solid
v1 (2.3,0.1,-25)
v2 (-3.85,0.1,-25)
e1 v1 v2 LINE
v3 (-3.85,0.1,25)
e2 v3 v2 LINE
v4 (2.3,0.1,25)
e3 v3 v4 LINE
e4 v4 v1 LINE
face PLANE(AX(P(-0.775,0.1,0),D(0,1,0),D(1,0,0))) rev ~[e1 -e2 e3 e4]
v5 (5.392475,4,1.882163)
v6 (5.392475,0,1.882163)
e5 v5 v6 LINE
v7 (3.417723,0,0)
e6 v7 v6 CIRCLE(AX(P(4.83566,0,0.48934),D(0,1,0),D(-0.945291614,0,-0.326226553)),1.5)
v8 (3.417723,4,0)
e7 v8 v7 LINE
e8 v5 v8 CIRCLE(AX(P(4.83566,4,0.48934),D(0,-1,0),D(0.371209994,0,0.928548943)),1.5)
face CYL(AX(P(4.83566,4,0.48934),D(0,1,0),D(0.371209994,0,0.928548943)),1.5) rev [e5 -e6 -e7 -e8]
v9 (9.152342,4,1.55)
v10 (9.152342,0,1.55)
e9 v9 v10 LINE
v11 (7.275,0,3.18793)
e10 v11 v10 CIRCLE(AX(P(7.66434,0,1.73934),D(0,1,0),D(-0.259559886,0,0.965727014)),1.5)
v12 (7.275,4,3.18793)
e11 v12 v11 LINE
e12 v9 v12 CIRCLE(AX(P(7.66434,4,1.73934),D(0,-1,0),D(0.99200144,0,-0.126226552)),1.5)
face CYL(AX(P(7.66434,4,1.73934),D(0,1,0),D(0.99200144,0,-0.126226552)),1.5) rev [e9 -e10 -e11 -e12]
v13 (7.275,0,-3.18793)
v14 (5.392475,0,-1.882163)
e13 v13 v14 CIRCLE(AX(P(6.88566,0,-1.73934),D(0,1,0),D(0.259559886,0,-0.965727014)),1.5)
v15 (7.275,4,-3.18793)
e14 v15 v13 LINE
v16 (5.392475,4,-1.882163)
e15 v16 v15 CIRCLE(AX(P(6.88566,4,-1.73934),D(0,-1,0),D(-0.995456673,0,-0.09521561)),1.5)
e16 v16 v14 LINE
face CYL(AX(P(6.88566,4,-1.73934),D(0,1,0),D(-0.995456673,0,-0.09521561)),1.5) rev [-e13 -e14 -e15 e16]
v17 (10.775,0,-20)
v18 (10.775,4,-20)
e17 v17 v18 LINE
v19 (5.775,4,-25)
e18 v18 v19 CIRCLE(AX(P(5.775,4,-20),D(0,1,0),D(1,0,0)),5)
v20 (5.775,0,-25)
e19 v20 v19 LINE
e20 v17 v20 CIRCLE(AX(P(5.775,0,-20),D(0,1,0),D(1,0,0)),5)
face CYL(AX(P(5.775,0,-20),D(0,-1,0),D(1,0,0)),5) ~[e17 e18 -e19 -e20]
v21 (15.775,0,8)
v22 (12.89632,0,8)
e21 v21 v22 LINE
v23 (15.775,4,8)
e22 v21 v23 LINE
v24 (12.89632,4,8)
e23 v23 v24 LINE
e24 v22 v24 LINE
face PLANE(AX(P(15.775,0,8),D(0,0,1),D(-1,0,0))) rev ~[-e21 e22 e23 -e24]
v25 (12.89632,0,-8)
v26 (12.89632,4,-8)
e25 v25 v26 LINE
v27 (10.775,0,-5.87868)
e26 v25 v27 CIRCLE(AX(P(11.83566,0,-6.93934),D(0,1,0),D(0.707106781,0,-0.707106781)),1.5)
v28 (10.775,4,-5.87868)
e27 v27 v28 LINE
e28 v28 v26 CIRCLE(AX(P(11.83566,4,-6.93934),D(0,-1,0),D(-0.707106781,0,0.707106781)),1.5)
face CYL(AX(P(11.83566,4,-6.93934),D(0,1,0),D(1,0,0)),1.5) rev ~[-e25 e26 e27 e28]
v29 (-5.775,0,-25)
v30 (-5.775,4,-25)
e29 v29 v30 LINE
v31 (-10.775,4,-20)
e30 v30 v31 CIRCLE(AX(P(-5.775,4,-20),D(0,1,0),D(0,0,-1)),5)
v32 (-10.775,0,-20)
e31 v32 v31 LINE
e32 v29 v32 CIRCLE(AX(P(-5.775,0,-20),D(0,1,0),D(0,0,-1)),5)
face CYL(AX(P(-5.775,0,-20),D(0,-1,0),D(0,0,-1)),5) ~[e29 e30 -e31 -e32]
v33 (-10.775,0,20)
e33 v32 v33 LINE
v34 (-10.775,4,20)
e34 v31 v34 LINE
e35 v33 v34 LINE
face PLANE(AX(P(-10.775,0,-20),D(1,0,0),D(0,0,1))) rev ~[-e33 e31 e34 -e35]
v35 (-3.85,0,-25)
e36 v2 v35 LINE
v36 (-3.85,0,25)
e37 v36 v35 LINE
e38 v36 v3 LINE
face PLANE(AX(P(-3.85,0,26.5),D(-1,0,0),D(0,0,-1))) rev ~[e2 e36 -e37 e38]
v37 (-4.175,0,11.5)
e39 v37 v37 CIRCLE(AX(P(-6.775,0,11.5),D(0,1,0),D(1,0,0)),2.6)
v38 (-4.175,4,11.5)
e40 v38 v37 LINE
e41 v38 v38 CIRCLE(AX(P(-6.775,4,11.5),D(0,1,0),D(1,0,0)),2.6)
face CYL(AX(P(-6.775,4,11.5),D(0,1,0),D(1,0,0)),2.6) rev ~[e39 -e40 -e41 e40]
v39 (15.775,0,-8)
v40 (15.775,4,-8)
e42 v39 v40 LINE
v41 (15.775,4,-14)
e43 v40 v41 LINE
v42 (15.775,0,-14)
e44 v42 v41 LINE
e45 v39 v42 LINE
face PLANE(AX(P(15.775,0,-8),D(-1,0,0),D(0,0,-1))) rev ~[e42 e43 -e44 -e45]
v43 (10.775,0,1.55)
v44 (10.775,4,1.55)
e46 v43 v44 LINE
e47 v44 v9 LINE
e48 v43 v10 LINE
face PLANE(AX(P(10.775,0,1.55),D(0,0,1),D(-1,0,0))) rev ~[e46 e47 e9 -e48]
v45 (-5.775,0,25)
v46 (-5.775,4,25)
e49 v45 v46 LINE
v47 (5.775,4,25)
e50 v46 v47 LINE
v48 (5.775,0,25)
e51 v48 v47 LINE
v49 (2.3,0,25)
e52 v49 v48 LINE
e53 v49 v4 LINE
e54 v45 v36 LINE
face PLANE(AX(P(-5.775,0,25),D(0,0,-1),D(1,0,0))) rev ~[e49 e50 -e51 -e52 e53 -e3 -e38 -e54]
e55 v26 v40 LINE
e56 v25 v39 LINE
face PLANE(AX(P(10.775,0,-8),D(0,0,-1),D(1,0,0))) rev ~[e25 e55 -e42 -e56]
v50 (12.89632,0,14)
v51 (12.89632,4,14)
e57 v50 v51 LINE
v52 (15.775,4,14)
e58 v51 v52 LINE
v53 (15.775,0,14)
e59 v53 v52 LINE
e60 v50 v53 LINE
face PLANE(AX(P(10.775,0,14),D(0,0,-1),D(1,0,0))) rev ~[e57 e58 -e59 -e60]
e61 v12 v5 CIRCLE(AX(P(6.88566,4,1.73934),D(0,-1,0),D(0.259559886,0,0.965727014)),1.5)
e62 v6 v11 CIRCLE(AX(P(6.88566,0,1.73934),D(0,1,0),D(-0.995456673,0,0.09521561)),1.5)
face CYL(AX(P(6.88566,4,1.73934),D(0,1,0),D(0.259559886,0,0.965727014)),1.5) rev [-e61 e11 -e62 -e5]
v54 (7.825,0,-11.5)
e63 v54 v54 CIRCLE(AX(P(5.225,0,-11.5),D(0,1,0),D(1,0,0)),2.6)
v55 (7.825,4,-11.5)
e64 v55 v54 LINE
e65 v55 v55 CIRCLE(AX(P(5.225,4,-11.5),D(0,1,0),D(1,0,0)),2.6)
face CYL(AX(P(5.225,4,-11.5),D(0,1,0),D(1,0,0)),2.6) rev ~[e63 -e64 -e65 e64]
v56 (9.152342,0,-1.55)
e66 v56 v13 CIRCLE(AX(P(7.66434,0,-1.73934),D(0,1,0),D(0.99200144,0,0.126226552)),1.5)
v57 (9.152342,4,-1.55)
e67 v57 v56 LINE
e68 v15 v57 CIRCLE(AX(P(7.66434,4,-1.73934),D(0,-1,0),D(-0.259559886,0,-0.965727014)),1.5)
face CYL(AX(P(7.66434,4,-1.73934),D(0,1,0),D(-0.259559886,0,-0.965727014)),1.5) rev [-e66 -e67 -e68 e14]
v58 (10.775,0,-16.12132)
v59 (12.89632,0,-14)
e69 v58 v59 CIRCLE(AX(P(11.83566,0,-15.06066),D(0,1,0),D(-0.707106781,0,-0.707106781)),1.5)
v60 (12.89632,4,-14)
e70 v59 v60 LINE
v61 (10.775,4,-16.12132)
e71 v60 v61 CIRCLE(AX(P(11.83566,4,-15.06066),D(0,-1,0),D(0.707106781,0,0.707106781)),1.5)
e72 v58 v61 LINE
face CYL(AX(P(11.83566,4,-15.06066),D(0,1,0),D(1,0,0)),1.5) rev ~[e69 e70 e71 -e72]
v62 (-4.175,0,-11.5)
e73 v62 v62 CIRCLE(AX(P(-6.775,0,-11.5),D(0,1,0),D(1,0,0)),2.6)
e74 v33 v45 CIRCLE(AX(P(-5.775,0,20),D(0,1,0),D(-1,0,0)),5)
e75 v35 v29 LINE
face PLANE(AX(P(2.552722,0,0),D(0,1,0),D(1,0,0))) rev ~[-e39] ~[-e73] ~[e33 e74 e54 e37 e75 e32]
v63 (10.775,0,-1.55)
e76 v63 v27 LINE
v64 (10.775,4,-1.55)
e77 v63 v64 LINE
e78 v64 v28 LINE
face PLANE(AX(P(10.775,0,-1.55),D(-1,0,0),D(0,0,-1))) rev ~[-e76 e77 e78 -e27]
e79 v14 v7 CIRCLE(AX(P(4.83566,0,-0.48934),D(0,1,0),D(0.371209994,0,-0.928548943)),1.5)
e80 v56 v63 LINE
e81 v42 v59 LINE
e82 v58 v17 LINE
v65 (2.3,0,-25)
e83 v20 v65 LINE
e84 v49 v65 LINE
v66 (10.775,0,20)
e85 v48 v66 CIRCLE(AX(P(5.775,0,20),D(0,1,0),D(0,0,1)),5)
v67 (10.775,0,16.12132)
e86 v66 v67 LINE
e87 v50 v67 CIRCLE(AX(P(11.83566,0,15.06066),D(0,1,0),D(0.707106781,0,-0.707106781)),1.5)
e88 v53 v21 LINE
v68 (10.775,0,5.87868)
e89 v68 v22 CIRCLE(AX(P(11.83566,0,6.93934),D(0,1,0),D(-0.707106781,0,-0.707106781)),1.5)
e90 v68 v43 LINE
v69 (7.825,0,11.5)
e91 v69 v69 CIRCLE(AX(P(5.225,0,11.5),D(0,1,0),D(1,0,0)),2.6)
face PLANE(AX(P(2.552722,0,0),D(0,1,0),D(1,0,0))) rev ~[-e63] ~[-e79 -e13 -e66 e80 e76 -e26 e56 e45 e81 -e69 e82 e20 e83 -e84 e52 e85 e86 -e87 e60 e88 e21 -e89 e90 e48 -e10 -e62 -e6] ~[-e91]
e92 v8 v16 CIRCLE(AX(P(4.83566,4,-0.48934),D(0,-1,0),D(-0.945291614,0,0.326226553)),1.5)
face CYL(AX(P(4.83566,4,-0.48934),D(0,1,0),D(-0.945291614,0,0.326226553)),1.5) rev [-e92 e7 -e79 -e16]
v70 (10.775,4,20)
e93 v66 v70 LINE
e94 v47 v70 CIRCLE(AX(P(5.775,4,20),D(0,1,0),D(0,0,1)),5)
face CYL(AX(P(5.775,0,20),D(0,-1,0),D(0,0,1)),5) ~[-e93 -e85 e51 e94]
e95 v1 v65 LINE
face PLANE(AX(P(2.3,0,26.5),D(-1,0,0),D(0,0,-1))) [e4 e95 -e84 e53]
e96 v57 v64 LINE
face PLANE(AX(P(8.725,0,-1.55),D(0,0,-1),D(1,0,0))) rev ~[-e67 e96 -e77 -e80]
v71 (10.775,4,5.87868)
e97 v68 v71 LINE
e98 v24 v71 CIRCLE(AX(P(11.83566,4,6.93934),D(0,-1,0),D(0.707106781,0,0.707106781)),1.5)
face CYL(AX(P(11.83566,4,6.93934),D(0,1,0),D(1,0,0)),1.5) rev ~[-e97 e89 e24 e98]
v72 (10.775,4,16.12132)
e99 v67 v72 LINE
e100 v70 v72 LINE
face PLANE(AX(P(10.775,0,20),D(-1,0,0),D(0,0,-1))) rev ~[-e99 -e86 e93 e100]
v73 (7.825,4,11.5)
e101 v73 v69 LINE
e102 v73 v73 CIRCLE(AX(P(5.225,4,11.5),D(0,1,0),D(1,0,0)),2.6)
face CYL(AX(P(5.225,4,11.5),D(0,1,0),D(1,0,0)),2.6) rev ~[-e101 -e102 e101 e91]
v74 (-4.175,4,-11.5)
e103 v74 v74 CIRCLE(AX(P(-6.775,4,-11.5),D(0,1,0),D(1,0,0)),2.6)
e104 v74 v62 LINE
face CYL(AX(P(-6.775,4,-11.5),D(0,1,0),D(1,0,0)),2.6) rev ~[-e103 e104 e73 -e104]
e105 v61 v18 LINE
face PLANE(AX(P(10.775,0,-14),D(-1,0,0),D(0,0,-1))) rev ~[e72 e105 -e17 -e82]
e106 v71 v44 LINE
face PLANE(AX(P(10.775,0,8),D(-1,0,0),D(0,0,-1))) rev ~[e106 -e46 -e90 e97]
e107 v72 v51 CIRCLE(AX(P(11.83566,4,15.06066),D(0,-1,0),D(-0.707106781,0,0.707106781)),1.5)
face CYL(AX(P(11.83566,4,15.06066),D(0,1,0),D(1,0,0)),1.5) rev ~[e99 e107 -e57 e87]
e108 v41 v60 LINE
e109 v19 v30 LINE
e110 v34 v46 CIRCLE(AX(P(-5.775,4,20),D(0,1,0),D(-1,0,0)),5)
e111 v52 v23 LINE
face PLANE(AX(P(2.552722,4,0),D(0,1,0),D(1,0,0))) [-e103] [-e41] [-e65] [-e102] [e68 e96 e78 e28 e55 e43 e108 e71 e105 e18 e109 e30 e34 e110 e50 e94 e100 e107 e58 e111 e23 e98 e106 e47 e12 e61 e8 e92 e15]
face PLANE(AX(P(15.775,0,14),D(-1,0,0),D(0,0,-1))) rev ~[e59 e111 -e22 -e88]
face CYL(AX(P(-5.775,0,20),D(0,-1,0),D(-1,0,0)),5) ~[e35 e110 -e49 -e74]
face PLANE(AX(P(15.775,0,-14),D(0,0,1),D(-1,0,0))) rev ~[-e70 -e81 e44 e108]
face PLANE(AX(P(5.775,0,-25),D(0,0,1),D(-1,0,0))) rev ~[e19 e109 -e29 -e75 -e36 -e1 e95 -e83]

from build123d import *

# Parameters (mm, degrees)
SALIENTE_EXTRUIR1_DEPTH = 4
CROQUIS5_R              = 2.6
CORTAR_EXTRUIR3_DEPTH   = 5
CORTAR_EXTRUIR4_DEPTH   = 5
CROQUIS10_R             = 1.5
CORTAR_EXTRUIR5_DEPTH   = 5
CROQUIS4_W              = 6.15
CROQUIS4_H              = 53
CORTAR_EXTRUIR6_DEPTH   = 0.1


with BuildPart() as part:
    # Croquis1 → Saliente-Extruir1 (new body)
    with BuildSketch(Plane(origin=(0, 0, 0), x_dir=(1, 0, 0), z_dir=(0, 1, 0))):
        with BuildLine():
            Line((-5.775, -25), (5.775, -25))
            ThreePointArc((5.775, -25), (9.310533906, -23.535533906), (10.775, -20))
            Line((10.775, -20), (10.775, -14))
            Line((10.775, -14), (15.775, -14))
            Line((15.775, -14), (15.775, -8))
            Line((15.775, -8), (10.775, -8))
            Line((10.775, -8), (10.775, -1.55))
            Line((10.775, -1.55), (8.725, -1.55))
            Line((8.725, -1.55), (8.725, -2.8))
            Line((8.725, -2.8), (5.825, -2.8))
            Line((5.825, -2.8), (5.825, -1.55))
            Line((5.825, -1.55), (3.775, -1.55))
            Line((3.775, -1.55), (3.775, 1.55))
            Line((3.775, 1.55), (5.825, 1.55))
            Line((5.825, 1.55), (5.825, 2.8))
            Line((5.825, 2.8), (8.725, 2.8))
            Line((8.725, 2.8), (8.725, 1.55))
            Line((8.725, 1.55), (10.775, 1.55))
            Line((10.775, 1.55), (10.775, 8))
            Line((10.775, 8), (15.775, 8))
            Line((15.775, 8), (15.775, 14))
            Line((15.775, 14), (10.775, 14))
            Line((10.775, 14), (10.775, 20))
            ThreePointArc((10.775, 20), (9.310533906, 23.535533906), (5.775, 25))
            Line((5.775, 25), (-5.775, 25))
            ThreePointArc((-5.775, 25), (-9.310533906, 23.535533906), (-10.775, 20))
            Line((-10.775, 20), (-10.775, -20))
            ThreePointArc((-10.775, -20), (-9.310533906, -23.535533906), (-5.775, -25))
        make_face()
    extrude(amount=SALIENTE_EXTRUIR1_DEPTH)

    # Croquis5 → Cortar-Extruir3 (cut, through all)
    with BuildSketch(Plane(origin=(0, 4, 0), x_dir=(1, 0, 0), z_dir=(0, 1, 0))):
        with Locations((-6.775, 11.5)):
            Circle(CROQUIS5_R)
        with Locations((5.225, 11.5)):
            Circle(CROQUIS5_R)
        with Locations((5.225, -11.5)):
            Circle(CROQUIS5_R)
        with Locations((-6.775, -11.5)):
            Circle(CROQUIS5_R)
    extrude(amount=-CORTAR_EXTRUIR3_DEPTH, mode=Mode.SUBTRACT)

    # Croquis7 → Cortar-Extruir4 (cut, through all)
    with BuildSketch(Plane(origin=(0, 4, 0), x_dir=(1, 0, 0), z_dir=(0, 1, 0))):
        with BuildLine():
            Line((9.152341989, 1.55), (10.775, 1.55))
            Line((10.775, 1.55), (10.775, -1.55))
            Line((10.775, -1.55), (9.152341989, -1.55))
            ThreePointArc((9.152341989, -1.55), (8.650478098, -2.869619136), (7.275, -3.187930349))
            ThreePointArc((7.275, -3.187930349), (6.030747615, -2.971867524), (5.392475162, -1.882163243))
            ThreePointArc((5.392475162, -1.882163243), (3.80076038, -1.575149398), (3.41772275, 0))
            ThreePointArc((3.41772275, 0), (3.80076038, 1.575149398), (5.392475162, 1.882163243))
            ThreePointArc((5.392475162, 1.882163243), (6.030747615, 2.971867524), (7.275, 3.187930349))
            ThreePointArc((7.275, 3.187930349), (8.650478098, 2.869619136), (9.152341989, 1.55))
        make_face()
    extrude(amount=-CORTAR_EXTRUIR4_DEPTH, mode=Mode.SUBTRACT)

    # Croquis10 → Cortar-Extruir5 (cut, through all)
    with BuildSketch(Plane(origin=(0, 4, 0), x_dir=(1, 0, 0), z_dir=(0, 1, 0))):
        with Locations((11.835660172, 15.060660172)):
            Circle(CROQUIS10_R)
        with Locations((11.835660172, 6.939339828)):
            Circle(CROQUIS10_R)
        with Locations((11.835660172, -15.060660172)):
            Circle(CROQUIS10_R)
        with Locations((11.835660172, -6.939339828)):
            Circle(CROQUIS10_R)
    extrude(amount=-CORTAR_EXTRUIR5_DEPTH, mode=Mode.SUBTRACT)

    # Croquis4 → Cortar-Extruir6 (cut)
    with BuildSketch(Plane(origin=(0, 0, 0), x_dir=(1, 0, 0), z_dir=(0, 1, 0))):
        with Locations((-0.775, 0)):
            Rectangle(CROQUIS4_W, CROQUIS4_H)
    extrude(amount=CORTAR_EXTRUIR6_DEPTH, mode=Mode.SUBTRACT)


solid = part.part
